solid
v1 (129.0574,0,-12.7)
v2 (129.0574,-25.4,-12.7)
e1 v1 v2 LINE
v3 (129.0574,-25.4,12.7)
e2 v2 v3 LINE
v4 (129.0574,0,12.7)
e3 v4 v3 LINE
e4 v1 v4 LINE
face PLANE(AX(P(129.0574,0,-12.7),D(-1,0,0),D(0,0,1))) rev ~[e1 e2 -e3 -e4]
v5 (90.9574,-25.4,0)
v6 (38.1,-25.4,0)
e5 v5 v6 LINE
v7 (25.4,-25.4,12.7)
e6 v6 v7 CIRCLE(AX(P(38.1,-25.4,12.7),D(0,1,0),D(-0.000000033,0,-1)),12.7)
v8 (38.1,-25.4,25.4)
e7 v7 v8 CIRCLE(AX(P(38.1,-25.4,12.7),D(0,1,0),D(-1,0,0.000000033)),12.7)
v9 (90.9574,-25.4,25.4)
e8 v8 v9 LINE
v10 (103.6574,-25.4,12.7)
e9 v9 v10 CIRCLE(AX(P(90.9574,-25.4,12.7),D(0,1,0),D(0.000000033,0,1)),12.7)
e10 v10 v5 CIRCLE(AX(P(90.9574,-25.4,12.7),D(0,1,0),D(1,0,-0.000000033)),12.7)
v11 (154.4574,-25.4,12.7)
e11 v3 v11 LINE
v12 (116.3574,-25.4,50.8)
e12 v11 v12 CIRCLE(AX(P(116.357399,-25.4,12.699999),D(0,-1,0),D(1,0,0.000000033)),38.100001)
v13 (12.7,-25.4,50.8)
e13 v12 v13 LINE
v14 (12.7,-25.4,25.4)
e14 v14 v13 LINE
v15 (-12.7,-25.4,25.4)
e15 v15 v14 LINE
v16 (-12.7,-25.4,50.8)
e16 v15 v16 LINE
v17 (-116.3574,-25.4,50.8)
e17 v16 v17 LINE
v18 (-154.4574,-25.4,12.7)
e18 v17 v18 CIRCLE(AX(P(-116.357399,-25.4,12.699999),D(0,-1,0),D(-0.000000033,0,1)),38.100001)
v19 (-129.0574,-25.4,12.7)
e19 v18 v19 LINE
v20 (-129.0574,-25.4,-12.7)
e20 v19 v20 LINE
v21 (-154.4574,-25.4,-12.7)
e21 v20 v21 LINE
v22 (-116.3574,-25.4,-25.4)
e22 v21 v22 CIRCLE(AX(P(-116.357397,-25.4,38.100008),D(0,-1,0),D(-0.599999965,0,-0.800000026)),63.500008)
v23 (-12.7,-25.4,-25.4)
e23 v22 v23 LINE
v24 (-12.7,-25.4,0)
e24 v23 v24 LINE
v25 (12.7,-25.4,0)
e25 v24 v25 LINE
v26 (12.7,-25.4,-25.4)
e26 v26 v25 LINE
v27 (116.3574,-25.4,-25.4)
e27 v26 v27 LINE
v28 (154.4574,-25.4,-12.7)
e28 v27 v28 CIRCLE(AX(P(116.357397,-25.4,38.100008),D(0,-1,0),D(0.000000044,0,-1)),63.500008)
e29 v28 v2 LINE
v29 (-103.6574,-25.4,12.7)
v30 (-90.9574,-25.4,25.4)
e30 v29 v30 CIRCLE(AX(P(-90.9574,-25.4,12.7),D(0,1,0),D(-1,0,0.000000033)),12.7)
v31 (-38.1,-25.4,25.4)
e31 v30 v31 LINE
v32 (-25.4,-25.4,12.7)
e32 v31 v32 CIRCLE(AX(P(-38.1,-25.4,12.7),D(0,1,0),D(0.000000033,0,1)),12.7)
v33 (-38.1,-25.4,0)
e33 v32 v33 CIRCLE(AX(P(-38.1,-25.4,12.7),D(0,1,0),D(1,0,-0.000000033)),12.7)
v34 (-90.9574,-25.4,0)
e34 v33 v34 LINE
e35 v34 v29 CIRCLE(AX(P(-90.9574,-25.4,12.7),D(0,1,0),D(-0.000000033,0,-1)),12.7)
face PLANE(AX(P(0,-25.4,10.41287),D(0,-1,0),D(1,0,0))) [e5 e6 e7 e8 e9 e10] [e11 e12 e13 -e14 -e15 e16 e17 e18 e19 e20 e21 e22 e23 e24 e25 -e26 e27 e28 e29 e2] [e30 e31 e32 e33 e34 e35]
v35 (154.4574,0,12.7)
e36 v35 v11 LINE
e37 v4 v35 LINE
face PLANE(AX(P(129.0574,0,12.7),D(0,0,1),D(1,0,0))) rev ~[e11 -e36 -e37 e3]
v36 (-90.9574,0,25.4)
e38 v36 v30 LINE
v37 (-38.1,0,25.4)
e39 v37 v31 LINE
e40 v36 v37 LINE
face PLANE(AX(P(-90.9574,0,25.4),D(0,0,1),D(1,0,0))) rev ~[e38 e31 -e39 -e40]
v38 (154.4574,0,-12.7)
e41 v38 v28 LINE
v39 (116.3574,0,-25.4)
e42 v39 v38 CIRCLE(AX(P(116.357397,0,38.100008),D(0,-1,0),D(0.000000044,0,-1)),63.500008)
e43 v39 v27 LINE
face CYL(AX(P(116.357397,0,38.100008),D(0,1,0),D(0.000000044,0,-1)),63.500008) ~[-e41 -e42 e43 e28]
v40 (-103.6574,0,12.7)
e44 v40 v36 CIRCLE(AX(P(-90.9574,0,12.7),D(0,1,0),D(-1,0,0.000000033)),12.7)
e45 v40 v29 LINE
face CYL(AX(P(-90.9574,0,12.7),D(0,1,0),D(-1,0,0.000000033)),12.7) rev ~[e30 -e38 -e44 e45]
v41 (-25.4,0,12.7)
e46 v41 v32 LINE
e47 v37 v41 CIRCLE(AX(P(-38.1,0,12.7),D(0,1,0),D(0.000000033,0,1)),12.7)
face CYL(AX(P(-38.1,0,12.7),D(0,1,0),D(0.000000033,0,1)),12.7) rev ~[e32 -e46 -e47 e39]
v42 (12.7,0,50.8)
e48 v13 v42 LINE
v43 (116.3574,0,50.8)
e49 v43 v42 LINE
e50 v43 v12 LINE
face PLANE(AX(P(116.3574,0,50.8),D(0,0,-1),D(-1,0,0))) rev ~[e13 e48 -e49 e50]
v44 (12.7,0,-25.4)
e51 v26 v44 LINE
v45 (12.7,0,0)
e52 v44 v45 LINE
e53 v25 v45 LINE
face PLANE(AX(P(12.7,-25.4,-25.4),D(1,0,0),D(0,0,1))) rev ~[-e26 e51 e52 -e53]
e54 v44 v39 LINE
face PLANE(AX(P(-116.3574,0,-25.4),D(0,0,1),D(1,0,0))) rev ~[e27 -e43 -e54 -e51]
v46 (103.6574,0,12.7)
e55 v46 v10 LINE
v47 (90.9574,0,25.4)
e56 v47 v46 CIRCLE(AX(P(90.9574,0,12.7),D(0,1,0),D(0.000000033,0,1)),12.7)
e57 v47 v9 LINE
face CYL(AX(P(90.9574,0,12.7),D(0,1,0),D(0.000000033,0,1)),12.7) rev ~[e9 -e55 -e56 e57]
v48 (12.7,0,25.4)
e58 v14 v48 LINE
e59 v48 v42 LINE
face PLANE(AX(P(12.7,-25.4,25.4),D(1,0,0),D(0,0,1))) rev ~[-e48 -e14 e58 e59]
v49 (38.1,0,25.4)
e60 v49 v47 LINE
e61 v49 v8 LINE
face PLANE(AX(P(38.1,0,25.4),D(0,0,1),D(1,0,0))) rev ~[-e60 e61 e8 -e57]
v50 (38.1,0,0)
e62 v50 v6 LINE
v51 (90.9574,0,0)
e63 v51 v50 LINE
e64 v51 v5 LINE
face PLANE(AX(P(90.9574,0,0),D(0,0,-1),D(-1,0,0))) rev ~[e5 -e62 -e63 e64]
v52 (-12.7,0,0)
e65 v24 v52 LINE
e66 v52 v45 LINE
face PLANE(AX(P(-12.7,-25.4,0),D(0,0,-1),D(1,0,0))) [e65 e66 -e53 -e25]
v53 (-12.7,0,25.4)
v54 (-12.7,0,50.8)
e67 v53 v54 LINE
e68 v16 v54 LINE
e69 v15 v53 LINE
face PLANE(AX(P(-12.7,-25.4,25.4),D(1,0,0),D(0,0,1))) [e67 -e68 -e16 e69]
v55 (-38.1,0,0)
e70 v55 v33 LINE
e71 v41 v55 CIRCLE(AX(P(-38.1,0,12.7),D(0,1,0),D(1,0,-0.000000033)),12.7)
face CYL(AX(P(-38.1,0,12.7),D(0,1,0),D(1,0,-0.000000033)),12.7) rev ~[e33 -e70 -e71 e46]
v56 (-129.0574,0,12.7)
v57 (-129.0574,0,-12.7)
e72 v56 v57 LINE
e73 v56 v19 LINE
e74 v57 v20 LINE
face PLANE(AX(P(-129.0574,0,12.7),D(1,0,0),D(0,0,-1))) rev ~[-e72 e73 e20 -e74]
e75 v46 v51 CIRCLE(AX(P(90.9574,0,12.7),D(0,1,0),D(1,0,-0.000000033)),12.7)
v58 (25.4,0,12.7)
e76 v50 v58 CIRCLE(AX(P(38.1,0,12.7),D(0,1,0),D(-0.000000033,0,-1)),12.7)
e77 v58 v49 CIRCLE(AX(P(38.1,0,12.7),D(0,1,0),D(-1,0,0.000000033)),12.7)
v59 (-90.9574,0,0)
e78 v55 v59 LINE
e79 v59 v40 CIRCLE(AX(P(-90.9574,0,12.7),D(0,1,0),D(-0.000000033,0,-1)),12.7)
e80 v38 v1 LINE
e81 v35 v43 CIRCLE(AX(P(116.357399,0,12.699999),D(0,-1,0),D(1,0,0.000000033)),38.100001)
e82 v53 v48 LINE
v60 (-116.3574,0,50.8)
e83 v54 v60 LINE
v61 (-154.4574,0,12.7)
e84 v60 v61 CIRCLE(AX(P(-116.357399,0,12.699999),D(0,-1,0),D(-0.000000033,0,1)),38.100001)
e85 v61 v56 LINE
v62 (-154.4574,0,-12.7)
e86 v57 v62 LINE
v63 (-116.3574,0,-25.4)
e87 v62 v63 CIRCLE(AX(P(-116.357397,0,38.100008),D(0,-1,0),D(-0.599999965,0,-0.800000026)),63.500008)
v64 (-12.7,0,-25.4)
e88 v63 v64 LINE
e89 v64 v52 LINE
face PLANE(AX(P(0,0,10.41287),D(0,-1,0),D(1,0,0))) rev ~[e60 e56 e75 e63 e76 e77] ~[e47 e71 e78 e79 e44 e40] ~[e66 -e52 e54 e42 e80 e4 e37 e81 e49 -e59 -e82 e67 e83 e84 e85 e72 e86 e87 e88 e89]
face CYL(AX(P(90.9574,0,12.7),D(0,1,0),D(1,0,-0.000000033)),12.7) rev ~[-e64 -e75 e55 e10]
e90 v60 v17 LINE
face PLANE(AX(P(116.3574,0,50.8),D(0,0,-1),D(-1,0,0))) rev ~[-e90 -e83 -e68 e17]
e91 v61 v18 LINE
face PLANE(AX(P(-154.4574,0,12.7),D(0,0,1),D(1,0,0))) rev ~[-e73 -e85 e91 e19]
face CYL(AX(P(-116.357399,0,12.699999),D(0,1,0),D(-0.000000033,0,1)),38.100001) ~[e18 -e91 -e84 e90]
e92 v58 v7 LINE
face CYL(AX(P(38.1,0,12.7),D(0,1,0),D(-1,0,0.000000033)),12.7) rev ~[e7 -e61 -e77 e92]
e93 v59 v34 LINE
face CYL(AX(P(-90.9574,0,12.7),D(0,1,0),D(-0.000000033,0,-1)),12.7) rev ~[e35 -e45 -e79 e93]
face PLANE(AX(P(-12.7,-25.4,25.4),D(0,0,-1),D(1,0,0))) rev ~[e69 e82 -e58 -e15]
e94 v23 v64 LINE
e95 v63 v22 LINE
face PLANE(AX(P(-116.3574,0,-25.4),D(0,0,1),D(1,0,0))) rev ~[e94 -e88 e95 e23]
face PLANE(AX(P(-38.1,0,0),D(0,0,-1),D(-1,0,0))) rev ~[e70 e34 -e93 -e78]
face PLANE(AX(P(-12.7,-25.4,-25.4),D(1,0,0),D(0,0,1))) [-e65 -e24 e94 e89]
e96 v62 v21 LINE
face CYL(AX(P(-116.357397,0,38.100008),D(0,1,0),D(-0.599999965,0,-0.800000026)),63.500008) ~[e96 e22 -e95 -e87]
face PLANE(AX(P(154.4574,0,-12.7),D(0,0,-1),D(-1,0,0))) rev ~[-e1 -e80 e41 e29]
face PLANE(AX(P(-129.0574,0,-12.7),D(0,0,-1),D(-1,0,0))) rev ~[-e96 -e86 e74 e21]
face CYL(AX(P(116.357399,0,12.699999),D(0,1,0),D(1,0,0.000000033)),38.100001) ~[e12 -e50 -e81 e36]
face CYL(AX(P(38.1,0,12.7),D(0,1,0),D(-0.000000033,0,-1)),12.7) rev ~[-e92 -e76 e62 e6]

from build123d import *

# Parameters (mm, degrees)
F1_DEPTH = 25.4
F2_W     = 25.4
F2_H     = 25.4
F3_DEPTH = 25.4


with BuildPart() as f1:
    # F0 (on Front) → F1 (new body)
    with BuildSketch(Plane.XZ):
        with BuildLine():
            Line((-154.4574, 12.7), (-129.0574, 12.7))
            Line((-129.0574, 12.7), (-129.0574, -12.7))
            Line((-129.0574, -12.7), (-154.4574, -12.7))
            ThreePointArc((-154.4574, -12.7), (-136.437863, -22.141389), (-116.3574, -25.4))
            Line((-116.3574, -25.4), (0, -25.4))
            Line((0, -25.4), (116.3574, -25.4))
            ThreePointArc((116.3574, -25.4), (136.437863, -22.141389), (154.4574, -12.7))
            Line((154.4574, -12.7), (129.0574, -12.7))
            Line((129.0574, -12.7), (129.0574, 12.7))
            Line((129.0574, 12.7), (154.4574, 12.7))
            ThreePointArc((154.4574, 12.7), (143.298168, 39.640768), (116.3574, 50.8))
            Line((116.3574, 50.8), (0, 50.8))
            Line((0, 50.8), (-116.3574, 50.8))
            ThreePointArc((-116.3574, 50.8), (-143.298168, 39.640768), (-154.4574, 12.7))
        make_face()
        with BuildLine():
            ThreePointArc((-103.6574, 12.7), (-99.937656, 21.680256), (-90.9574, 25.4))
            Line((-90.9574, 25.4), (-38.1, 25.4))
            ThreePointArc((-38.1, 25.4), (-29.119744, 21.680256), (-25.4, 12.7))
            ThreePointArc((-25.4, 12.7), (-29.119744, 3.719744), (-38.1, 0))
            Line((-38.1, 0), (-90.9574, 0))
            ThreePointArc((-90.9574, 0), (-99.937656, 3.719744), (-103.6574, 12.7))
        make_face(mode=Mode.SUBTRACT)
        with BuildLine():
            Line((38.1, 25.4), (90.9574, 25.4))
            ThreePointArc((90.9574, 25.4), (99.937656, 21.680256), (103.6574, 12.7))
            ThreePointArc((103.6574, 12.7), (99.937656, 3.719744), (90.9574, 0))
            Line((90.9574, 0), (38.1, 0))
            ThreePointArc((38.1, 0), (29.119744, 3.719744), (25.4, 12.7))
            ThreePointArc((25.4, 12.7), (29.119744, 21.680256), (38.1, 25.4))
        make_face(mode=Mode.SUBTRACT)
    extrude(amount=F1_DEPTH)

    # F2 (on face) → F3 (cut)
    with BuildSketch(Plane.XZ.offset(25.4)):
        with Locations((0, 38.1)):
            Rectangle(F2_W, F2_H)
        with Locations((0, -12.7)):
            Rectangle(F2_W, F2_H)
    extrude(amount=-F3_DEPTH, mode=Mode.SUBTRACT)


solid = f1.part
